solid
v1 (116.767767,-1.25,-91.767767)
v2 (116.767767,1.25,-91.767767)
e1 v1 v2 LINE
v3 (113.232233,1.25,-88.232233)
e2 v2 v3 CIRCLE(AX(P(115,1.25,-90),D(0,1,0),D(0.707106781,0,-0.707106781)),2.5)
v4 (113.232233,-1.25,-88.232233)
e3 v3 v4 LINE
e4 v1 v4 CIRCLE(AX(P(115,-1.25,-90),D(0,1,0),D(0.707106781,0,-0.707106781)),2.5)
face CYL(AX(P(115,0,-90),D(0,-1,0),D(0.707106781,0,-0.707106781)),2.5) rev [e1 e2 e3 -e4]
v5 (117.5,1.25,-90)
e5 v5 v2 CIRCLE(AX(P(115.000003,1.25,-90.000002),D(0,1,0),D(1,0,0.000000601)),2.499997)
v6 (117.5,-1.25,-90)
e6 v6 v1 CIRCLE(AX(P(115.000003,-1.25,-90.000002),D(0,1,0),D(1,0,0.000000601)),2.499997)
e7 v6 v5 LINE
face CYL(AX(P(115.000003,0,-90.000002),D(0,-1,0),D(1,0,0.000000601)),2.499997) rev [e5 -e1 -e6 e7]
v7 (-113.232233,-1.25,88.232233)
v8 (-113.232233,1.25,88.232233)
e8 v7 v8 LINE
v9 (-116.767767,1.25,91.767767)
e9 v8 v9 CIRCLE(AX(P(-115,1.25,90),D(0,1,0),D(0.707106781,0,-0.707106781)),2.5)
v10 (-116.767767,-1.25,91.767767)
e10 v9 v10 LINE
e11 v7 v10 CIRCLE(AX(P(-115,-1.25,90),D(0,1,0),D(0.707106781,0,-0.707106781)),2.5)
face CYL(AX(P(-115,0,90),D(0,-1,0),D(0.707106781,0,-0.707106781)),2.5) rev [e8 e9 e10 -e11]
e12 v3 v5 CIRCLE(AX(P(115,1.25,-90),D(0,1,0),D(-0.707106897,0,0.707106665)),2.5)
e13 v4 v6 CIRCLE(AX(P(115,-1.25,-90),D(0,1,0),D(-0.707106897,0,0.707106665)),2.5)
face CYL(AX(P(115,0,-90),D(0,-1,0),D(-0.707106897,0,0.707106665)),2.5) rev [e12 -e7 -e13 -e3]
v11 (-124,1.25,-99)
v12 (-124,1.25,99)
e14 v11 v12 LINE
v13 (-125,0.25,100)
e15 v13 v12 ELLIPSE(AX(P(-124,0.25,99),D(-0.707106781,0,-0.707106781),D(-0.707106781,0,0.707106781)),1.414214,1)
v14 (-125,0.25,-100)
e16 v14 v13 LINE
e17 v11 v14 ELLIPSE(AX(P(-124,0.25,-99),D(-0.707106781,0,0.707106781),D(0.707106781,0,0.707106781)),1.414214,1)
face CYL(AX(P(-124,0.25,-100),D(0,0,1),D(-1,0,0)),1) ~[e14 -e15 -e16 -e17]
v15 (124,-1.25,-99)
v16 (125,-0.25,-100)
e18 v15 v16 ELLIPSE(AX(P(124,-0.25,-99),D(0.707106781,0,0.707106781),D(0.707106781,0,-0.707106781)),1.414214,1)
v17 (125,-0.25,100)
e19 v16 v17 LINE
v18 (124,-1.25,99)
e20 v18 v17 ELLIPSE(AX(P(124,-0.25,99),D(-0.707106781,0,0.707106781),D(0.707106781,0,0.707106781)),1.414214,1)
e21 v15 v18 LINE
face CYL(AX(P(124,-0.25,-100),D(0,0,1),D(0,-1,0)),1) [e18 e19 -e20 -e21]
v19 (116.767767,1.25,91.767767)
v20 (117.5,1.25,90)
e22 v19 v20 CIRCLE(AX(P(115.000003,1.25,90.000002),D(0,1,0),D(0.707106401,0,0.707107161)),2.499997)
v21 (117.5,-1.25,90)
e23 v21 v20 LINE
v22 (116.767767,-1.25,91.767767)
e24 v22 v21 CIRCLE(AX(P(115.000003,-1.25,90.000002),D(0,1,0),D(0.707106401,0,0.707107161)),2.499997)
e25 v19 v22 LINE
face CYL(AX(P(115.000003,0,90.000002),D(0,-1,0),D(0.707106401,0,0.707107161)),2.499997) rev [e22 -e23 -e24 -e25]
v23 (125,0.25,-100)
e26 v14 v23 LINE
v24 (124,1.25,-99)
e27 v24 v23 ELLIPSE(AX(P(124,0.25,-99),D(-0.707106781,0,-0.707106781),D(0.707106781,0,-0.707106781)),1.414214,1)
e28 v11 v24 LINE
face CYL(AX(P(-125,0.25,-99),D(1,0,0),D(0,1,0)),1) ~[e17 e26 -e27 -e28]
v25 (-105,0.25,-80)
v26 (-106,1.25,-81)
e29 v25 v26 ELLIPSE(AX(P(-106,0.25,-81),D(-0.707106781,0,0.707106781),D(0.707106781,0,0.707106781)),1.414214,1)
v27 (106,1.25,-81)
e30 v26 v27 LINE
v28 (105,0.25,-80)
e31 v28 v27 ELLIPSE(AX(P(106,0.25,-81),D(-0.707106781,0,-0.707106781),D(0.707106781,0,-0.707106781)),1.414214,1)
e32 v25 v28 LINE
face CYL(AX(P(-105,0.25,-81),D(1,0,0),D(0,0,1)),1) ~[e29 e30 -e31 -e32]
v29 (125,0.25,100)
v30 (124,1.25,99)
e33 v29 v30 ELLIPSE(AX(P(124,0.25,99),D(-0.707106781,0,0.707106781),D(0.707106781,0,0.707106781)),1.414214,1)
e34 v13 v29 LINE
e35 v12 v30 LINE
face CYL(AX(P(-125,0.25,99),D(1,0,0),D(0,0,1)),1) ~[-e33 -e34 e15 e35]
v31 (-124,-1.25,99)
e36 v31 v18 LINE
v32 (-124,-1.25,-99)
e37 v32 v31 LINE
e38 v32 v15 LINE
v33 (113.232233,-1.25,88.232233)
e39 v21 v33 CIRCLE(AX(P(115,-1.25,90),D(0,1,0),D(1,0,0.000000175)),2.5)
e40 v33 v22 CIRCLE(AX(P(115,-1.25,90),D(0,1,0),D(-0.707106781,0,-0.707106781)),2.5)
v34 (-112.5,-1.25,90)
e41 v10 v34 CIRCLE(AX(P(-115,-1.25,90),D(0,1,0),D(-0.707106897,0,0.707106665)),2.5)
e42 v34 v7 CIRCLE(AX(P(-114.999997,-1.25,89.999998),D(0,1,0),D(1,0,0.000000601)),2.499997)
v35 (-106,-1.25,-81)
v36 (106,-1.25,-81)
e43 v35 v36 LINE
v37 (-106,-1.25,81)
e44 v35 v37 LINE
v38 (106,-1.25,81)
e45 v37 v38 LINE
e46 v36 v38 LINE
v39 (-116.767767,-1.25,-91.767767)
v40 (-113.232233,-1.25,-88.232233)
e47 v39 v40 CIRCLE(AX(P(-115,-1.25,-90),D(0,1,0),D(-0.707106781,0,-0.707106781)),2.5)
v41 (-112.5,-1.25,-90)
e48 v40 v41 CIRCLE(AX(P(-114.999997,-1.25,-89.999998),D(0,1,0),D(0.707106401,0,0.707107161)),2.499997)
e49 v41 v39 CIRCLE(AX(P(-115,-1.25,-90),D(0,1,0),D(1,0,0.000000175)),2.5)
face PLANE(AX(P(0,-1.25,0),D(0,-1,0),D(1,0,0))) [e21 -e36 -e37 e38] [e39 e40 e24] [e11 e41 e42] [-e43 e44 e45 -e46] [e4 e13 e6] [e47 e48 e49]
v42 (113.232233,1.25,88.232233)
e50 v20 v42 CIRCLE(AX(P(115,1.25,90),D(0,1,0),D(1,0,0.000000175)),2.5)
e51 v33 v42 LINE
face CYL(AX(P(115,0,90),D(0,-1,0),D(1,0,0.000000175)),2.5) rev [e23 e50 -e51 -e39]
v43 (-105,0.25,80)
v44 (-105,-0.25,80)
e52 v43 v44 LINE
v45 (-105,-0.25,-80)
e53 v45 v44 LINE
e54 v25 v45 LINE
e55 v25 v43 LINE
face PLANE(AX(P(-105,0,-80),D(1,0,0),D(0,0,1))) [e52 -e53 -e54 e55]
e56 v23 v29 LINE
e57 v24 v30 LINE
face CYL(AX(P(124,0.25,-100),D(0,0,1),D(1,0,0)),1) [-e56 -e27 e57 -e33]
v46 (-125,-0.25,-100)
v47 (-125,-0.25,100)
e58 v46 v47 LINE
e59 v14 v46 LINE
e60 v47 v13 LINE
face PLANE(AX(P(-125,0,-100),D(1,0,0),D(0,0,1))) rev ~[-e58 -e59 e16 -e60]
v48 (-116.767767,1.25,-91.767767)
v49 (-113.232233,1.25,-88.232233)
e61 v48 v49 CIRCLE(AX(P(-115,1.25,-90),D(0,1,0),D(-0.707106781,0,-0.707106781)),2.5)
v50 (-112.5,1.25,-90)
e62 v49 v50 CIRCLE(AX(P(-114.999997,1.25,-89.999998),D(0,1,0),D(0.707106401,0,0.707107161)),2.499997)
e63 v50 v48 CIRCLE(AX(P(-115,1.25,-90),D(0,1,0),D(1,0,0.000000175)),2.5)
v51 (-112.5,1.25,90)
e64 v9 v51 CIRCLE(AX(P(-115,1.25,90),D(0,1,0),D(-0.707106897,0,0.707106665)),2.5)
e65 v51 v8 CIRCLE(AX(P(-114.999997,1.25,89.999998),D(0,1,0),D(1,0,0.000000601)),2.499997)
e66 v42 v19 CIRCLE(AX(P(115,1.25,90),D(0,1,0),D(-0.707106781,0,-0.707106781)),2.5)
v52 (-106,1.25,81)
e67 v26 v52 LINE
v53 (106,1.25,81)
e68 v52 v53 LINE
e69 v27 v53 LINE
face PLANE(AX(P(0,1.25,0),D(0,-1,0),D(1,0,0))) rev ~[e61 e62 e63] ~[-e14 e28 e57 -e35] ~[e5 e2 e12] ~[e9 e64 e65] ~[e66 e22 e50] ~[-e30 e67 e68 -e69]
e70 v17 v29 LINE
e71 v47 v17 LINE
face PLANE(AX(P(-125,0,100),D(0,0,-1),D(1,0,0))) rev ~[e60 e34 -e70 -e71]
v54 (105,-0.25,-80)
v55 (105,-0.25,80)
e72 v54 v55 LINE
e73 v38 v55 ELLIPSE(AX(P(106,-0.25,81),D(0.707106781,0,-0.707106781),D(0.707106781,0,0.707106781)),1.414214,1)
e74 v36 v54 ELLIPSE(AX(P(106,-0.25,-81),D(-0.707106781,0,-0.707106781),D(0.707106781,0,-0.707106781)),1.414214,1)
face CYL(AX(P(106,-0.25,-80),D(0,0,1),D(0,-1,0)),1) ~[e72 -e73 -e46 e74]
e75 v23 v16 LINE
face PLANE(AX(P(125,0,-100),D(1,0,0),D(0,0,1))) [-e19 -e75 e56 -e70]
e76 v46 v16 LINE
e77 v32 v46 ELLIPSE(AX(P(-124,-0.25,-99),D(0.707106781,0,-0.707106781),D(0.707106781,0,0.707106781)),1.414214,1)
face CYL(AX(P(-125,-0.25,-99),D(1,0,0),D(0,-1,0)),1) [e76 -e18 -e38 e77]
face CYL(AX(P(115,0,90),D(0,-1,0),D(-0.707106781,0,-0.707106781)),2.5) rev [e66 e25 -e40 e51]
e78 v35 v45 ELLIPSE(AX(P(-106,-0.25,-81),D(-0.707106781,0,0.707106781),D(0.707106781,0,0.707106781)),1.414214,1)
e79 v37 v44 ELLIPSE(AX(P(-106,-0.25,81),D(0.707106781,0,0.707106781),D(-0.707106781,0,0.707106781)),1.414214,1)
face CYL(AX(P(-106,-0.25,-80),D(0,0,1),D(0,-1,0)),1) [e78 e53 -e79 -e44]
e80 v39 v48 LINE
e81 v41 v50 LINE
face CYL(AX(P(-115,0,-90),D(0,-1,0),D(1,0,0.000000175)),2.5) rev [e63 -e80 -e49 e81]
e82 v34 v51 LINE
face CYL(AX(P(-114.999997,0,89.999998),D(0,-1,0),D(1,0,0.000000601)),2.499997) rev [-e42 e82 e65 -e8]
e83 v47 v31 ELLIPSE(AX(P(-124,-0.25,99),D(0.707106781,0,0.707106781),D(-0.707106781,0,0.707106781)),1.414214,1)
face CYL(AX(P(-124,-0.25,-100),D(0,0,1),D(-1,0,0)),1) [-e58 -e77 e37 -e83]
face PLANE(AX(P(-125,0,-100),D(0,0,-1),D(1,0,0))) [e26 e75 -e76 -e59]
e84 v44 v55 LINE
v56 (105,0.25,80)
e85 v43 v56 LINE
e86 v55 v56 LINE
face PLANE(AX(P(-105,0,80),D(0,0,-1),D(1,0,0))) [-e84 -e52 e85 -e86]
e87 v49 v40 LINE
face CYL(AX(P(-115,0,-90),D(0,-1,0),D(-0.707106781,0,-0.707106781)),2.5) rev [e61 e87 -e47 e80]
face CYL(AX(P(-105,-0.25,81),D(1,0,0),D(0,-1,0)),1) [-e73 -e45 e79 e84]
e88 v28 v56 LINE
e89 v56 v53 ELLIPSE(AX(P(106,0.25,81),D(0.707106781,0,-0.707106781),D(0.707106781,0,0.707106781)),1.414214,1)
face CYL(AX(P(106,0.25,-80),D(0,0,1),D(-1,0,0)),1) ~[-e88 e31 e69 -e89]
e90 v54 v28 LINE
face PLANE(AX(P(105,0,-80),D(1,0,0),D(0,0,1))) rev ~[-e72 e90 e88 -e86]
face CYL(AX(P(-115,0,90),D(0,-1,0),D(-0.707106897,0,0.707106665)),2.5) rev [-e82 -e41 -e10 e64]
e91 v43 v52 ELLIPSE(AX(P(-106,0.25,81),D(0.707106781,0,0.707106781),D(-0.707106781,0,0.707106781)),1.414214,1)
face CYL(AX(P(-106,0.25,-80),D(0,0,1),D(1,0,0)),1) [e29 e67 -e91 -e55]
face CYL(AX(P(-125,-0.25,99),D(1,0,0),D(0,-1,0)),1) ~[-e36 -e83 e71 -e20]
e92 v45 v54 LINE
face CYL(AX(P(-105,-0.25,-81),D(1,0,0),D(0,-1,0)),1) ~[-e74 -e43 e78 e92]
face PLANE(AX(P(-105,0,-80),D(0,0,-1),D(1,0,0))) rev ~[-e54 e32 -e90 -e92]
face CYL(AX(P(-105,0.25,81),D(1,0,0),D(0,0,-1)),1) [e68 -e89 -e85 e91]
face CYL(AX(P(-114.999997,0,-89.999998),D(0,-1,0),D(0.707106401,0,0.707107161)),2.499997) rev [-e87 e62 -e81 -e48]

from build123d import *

# Parameters (mm, degrees)
F0_W     = 250
F0_H     = 200
F0_W_2   = 210
F0_H_2   = 160
F1_DEPTH = 1.25
F2_R     = 1


with BuildPart() as f1:
    # F0 (on Front) → F1 (new body, symmetric)
    with BuildSketch(Plane.XZ):
        Rectangle(F0_W, F0_H)
        with BuildLine():
            ThreePointArc((-113.232233, -88.232233), (-112.690301, -89.043291), (-112.5, -90))
            ThreePointArc((-112.5, -90), (-114.043291, -92.309699), (-116.767767, -91.767767))
            ThreePointArc((-116.767767, -91.767767), (-116.767767, -88.232233), (-113.232233, -88.232233))
        make_face(mode=Mode.SUBTRACT)
        with BuildLine():
            ThreePointArc((113.232233, -88.232233), (115.956709, -87.690301), (117.5, -90))
            ThreePointArc((117.5, -90), (117.309699, -90.956709), (116.767767, -91.767767))
            ThreePointArc((116.767767, -91.767767), (113.232233, -91.767767), (113.232233, -88.232233))
        make_face(mode=Mode.SUBTRACT)
        with BuildLine():
            ThreePointArc((-116.767767, 91.767767), (-114.043291, 92.309699), (-112.5, 90))
            ThreePointArc((-112.5, 90), (-112.690301, 89.043291), (-113.232233, 88.232233))
            ThreePointArc((-113.232233, 88.232233), (-116.767767, 88.232233), (-116.767767, 91.767767))
        make_face(mode=Mode.SUBTRACT)
        Rectangle(F0_W_2, F0_H_2, mode=Mode.SUBTRACT)
        with BuildLine():
            ThreePointArc((116.767767, 91.767767), (117.309699, 90.956709), (117.5, 90))
            ThreePointArc((117.5, 90), (115.956709, 87.690301), (113.232233, 88.232233))
            ThreePointArc((113.232233, 88.232233), (113.232233, 91.767767), (116.767767, 91.767767))
        make_face(mode=Mode.SUBTRACT)
    extrude(amount=F1_DEPTH, both=True)

    # F2
    f2_edges = [f1.edges().sort_by_distance(p)[0] for p in [
        (0, 1.25, -100),
        (0, -1.25, -100),
        (-125, -1.25, 0),
        (-125, 1.25, 0),
        (0, 1.25, 100),
        (0, -1.25, 100),
        (125, -1.25, 0),
        (125, 1.25, 0),
        (0, -1.25, -80),
        (0, 1.25, -80),
        (-105, 1.25, 0),
        (-105, -1.25, 0),
        (0, -1.25, 80),
        (0, 1.25, 80),
        (105, 1.25, 0),
        (105, -1.25, 0),
    ]]
    fillet(f2_edges, radius=F2_R)


solid = f1.part
